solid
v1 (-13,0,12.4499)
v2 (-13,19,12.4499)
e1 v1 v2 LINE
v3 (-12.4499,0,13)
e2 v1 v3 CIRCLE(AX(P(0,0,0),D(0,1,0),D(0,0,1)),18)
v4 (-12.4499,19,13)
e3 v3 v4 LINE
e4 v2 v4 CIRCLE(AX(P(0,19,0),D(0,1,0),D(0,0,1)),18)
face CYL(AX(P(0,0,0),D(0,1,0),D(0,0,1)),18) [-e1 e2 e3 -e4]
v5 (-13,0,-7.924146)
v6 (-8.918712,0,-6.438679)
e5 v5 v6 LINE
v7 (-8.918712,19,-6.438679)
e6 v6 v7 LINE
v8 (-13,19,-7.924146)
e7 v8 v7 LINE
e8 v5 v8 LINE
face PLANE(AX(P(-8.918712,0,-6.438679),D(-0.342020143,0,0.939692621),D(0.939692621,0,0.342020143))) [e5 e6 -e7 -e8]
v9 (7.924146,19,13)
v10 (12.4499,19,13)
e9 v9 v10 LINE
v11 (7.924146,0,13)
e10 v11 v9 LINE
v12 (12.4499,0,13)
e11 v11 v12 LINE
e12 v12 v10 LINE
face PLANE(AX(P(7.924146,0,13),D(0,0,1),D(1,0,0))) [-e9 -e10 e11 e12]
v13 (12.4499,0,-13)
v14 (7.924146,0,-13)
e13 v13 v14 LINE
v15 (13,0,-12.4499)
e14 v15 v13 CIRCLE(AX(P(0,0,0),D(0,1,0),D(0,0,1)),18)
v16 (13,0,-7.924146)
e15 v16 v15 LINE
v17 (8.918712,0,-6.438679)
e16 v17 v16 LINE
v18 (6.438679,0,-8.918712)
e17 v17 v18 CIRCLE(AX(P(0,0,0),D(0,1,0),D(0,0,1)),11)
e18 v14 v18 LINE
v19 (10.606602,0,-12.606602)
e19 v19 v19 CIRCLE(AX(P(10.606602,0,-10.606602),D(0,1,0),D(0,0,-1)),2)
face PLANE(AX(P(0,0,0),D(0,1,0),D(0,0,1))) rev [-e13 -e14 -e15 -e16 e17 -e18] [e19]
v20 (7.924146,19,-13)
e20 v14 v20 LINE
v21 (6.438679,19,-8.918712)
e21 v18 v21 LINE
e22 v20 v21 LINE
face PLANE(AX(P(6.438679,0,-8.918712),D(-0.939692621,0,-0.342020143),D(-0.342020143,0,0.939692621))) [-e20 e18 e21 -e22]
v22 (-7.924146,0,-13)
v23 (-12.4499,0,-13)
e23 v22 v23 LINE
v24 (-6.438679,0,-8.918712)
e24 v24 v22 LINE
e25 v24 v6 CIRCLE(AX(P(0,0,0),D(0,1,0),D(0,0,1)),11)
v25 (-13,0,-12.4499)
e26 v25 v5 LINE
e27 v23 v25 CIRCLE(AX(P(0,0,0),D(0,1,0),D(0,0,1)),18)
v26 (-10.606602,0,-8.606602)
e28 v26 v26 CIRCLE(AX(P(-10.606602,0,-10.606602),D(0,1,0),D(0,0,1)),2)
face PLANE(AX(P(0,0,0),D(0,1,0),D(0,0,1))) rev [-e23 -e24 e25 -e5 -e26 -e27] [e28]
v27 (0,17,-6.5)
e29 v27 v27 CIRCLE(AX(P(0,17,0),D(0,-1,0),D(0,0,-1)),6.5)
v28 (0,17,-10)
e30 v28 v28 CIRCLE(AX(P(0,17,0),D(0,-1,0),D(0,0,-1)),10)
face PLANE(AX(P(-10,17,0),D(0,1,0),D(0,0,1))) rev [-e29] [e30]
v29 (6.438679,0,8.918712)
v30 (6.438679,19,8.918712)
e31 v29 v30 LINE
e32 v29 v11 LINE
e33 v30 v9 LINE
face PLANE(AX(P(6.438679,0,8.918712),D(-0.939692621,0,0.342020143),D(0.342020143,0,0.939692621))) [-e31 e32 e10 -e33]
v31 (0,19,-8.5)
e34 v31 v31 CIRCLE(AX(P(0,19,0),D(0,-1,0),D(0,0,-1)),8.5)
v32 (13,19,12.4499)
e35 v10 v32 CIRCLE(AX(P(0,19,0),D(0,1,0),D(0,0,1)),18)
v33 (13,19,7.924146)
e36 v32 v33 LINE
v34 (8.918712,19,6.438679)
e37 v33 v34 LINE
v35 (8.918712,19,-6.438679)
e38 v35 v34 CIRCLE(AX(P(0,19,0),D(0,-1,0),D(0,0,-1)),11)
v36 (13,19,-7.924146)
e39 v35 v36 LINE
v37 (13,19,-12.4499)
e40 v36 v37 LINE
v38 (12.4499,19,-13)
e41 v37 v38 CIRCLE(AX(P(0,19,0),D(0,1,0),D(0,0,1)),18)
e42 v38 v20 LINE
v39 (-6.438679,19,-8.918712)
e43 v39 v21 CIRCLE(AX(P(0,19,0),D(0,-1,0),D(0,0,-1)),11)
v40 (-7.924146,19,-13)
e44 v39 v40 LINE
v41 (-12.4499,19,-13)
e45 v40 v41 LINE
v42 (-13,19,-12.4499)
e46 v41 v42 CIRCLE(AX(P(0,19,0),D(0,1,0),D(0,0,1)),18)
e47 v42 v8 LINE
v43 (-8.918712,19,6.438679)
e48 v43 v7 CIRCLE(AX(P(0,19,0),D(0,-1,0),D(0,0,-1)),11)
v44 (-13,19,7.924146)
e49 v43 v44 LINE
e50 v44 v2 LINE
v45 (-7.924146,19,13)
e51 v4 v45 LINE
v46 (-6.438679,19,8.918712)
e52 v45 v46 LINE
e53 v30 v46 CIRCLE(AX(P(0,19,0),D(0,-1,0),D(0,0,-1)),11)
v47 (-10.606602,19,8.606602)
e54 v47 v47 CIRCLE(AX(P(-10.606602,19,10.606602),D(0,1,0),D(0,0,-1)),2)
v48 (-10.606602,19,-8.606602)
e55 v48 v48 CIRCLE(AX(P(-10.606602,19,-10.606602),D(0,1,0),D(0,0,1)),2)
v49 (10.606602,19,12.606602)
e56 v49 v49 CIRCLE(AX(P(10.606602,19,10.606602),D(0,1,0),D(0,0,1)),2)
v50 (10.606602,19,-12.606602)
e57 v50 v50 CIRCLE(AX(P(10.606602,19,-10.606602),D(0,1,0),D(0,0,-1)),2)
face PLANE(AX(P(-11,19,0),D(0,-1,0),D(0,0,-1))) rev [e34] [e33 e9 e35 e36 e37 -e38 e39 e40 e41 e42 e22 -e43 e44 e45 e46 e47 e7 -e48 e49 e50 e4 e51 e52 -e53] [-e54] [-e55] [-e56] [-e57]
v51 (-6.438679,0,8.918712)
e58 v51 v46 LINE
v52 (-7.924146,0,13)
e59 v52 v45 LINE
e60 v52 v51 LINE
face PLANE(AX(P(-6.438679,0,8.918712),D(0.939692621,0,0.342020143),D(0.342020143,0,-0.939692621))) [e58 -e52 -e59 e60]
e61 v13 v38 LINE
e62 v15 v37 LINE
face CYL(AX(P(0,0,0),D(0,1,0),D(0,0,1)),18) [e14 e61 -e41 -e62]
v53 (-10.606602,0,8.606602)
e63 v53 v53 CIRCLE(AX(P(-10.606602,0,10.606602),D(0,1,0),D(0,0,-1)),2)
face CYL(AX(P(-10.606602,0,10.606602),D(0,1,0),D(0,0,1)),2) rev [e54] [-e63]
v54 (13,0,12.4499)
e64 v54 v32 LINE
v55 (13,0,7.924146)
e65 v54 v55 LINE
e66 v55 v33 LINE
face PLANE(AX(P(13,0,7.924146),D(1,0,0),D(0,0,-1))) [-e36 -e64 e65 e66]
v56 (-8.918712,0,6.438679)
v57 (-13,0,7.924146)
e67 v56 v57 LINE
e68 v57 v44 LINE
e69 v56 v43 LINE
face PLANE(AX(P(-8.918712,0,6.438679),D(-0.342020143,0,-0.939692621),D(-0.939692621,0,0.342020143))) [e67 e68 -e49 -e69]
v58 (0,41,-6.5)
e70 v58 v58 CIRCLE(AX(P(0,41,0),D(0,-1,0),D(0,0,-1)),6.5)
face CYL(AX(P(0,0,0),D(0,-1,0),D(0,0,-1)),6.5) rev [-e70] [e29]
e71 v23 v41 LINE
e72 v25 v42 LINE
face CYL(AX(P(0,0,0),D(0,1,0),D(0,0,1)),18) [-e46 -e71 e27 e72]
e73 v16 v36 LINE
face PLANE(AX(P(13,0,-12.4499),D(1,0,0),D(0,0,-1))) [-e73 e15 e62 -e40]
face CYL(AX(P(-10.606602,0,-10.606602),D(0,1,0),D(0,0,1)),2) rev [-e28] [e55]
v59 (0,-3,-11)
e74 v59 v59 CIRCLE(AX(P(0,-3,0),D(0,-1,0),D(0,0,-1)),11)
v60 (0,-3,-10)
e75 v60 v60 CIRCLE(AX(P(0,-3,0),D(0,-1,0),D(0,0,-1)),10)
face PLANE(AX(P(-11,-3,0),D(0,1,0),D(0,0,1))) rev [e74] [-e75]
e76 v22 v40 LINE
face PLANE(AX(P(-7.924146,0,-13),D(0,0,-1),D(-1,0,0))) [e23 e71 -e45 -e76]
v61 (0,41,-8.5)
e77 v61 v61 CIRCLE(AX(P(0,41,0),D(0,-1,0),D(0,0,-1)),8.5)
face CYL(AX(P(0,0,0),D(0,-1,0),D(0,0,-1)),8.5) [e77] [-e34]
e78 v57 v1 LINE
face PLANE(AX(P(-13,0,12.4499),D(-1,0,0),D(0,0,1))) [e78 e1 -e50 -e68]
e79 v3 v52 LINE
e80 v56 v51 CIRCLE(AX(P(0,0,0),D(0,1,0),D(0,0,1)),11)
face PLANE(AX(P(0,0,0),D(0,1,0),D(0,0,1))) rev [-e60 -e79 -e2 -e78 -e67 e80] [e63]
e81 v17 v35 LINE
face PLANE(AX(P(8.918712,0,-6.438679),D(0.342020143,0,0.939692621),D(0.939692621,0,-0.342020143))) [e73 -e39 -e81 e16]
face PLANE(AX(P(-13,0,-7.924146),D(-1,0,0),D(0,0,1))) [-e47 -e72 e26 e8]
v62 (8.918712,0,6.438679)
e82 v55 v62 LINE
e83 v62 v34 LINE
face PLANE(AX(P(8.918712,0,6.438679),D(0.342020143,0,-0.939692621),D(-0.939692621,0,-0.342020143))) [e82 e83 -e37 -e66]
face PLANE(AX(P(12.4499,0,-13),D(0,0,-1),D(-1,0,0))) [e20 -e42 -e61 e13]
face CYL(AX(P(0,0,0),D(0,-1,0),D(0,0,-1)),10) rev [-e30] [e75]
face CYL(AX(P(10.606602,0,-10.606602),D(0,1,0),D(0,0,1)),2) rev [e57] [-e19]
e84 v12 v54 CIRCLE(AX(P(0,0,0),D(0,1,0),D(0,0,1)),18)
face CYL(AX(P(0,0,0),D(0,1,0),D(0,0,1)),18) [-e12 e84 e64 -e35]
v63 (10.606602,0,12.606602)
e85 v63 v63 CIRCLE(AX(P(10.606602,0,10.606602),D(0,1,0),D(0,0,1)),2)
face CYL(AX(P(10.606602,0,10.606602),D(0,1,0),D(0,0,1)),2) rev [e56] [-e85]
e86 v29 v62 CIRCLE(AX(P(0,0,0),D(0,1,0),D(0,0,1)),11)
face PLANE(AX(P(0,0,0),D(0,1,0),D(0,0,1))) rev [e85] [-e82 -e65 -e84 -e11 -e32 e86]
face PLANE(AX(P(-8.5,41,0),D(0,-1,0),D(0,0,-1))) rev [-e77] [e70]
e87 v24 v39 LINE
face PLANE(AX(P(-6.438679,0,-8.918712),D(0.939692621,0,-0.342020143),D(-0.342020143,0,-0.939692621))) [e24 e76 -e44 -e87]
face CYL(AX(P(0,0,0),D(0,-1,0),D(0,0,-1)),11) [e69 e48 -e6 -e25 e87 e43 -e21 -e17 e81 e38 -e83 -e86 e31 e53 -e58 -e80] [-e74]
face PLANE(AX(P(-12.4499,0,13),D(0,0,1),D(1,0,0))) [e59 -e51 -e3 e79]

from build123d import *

# Parameters (mm, degrees)
ESQUISSE3_R      = 2
ESQUISSE3_R_2    = 10
EXTRUSION2_DEPTH = 19


with BuildPart() as part:
    # Esquisse1 → Révolution1 (revolve)
    with BuildSketch(Plane.XY):
        Polygon((-6.5, 17), (-6.5, 41), (-8.5, 41), (-8.5, 19), (-11, 19), (-11, -3), (-10, -3), (-10, 17), align=None)
    revolve(axis=Axis((0, 0, 0), (0, 1, 0)))

    # Esquisse3 → Extrusion2 (add)
    with BuildSketch(Plane(origin=(0, 19, 0), x_dir=(1, 0, 0), z_dir=(0, 1, 0))):
        with BuildLine():
            Line((-12.449899598, -13), (-7.924146363, -13))
            Line((-7.924146363, -13), (-6.438678833, -8.918711504))
            ThreePointArc((-6.438678833, -8.918711504), (0, -11), (6.438678833, -8.918711504))
            Line((6.438678833, -8.918711504), (7.924146363, -13))
            Line((7.924146363, -13), (12.449899598, -13))
            ThreePointArc((12.449899598, -13), (12.727922061, -12.727922061), (13, -12.449899598))
            Line((13, -12.449899598), (13, -7.924146363))
            Line((13, -7.924146363), (8.918711504, -6.438678833))
            ThreePointArc((8.918711504, -6.438678833), (11, 0), (8.918711504, 6.438678833))
            Line((8.918711504, 6.438678833), (13, 7.924146363))
            Line((13, 7.924146363), (13, 12.449899598))
            ThreePointArc((13, 12.449899598), (12.727922061, 12.727922061), (12.449899598, 13))
            Line((12.449899598, 13), (7.924146363, 13))
            Line((7.924146363, 13), (6.438678833, 8.918711504))
            ThreePointArc((6.438678833, 8.918711504), (0, 11), (-6.438678833, 8.918711504))
            Line((-6.438678833, 8.918711504), (-7.924146363, 13))
            Line((-7.924146363, 13), (-12.449899598, 13))
            ThreePointArc((-12.449899598, 13), (-12.727922061, 12.727922061), (-13, 12.449899598))
            Line((-13, 12.449899598), (-13, 7.924146363))
            Line((-13, 7.924146363), (-8.918711504, 6.438678833))
            ThreePointArc((-8.918711504, 6.438678833), (-11, 0), (-8.918711504, -6.438678833))
            Line((-8.918711504, -6.438678833), (-13, -7.924146363))
            Line((-13, -7.924146363), (-13, -12.449899598))
            ThreePointArc((-13, -12.449899598), (-12.727922061, -12.727922061), (-12.449899598, -13))
        make_face()
        with Locations((10.606601718, 10.606601718)):
            Circle(ESQUISSE3_R, mode=Mode.SUBTRACT)
        with Locations((-10.606601718, -10.606601718)):
            Circle(ESQUISSE3_R, mode=Mode.SUBTRACT)
        with Locations((-10.606601718, 10.606601718)):
            Circle(ESQUISSE3_R, mode=Mode.SUBTRACT)
        with Locations((10.606601718, -10.606601718)):
            Circle(ESQUISSE3_R, mode=Mode.SUBTRACT)
        Circle(ESQUISSE3_R_2, mode=Mode.SUBTRACT)
    extrude(amount=-EXTRUSION2_DEPTH)


solid = part.part
